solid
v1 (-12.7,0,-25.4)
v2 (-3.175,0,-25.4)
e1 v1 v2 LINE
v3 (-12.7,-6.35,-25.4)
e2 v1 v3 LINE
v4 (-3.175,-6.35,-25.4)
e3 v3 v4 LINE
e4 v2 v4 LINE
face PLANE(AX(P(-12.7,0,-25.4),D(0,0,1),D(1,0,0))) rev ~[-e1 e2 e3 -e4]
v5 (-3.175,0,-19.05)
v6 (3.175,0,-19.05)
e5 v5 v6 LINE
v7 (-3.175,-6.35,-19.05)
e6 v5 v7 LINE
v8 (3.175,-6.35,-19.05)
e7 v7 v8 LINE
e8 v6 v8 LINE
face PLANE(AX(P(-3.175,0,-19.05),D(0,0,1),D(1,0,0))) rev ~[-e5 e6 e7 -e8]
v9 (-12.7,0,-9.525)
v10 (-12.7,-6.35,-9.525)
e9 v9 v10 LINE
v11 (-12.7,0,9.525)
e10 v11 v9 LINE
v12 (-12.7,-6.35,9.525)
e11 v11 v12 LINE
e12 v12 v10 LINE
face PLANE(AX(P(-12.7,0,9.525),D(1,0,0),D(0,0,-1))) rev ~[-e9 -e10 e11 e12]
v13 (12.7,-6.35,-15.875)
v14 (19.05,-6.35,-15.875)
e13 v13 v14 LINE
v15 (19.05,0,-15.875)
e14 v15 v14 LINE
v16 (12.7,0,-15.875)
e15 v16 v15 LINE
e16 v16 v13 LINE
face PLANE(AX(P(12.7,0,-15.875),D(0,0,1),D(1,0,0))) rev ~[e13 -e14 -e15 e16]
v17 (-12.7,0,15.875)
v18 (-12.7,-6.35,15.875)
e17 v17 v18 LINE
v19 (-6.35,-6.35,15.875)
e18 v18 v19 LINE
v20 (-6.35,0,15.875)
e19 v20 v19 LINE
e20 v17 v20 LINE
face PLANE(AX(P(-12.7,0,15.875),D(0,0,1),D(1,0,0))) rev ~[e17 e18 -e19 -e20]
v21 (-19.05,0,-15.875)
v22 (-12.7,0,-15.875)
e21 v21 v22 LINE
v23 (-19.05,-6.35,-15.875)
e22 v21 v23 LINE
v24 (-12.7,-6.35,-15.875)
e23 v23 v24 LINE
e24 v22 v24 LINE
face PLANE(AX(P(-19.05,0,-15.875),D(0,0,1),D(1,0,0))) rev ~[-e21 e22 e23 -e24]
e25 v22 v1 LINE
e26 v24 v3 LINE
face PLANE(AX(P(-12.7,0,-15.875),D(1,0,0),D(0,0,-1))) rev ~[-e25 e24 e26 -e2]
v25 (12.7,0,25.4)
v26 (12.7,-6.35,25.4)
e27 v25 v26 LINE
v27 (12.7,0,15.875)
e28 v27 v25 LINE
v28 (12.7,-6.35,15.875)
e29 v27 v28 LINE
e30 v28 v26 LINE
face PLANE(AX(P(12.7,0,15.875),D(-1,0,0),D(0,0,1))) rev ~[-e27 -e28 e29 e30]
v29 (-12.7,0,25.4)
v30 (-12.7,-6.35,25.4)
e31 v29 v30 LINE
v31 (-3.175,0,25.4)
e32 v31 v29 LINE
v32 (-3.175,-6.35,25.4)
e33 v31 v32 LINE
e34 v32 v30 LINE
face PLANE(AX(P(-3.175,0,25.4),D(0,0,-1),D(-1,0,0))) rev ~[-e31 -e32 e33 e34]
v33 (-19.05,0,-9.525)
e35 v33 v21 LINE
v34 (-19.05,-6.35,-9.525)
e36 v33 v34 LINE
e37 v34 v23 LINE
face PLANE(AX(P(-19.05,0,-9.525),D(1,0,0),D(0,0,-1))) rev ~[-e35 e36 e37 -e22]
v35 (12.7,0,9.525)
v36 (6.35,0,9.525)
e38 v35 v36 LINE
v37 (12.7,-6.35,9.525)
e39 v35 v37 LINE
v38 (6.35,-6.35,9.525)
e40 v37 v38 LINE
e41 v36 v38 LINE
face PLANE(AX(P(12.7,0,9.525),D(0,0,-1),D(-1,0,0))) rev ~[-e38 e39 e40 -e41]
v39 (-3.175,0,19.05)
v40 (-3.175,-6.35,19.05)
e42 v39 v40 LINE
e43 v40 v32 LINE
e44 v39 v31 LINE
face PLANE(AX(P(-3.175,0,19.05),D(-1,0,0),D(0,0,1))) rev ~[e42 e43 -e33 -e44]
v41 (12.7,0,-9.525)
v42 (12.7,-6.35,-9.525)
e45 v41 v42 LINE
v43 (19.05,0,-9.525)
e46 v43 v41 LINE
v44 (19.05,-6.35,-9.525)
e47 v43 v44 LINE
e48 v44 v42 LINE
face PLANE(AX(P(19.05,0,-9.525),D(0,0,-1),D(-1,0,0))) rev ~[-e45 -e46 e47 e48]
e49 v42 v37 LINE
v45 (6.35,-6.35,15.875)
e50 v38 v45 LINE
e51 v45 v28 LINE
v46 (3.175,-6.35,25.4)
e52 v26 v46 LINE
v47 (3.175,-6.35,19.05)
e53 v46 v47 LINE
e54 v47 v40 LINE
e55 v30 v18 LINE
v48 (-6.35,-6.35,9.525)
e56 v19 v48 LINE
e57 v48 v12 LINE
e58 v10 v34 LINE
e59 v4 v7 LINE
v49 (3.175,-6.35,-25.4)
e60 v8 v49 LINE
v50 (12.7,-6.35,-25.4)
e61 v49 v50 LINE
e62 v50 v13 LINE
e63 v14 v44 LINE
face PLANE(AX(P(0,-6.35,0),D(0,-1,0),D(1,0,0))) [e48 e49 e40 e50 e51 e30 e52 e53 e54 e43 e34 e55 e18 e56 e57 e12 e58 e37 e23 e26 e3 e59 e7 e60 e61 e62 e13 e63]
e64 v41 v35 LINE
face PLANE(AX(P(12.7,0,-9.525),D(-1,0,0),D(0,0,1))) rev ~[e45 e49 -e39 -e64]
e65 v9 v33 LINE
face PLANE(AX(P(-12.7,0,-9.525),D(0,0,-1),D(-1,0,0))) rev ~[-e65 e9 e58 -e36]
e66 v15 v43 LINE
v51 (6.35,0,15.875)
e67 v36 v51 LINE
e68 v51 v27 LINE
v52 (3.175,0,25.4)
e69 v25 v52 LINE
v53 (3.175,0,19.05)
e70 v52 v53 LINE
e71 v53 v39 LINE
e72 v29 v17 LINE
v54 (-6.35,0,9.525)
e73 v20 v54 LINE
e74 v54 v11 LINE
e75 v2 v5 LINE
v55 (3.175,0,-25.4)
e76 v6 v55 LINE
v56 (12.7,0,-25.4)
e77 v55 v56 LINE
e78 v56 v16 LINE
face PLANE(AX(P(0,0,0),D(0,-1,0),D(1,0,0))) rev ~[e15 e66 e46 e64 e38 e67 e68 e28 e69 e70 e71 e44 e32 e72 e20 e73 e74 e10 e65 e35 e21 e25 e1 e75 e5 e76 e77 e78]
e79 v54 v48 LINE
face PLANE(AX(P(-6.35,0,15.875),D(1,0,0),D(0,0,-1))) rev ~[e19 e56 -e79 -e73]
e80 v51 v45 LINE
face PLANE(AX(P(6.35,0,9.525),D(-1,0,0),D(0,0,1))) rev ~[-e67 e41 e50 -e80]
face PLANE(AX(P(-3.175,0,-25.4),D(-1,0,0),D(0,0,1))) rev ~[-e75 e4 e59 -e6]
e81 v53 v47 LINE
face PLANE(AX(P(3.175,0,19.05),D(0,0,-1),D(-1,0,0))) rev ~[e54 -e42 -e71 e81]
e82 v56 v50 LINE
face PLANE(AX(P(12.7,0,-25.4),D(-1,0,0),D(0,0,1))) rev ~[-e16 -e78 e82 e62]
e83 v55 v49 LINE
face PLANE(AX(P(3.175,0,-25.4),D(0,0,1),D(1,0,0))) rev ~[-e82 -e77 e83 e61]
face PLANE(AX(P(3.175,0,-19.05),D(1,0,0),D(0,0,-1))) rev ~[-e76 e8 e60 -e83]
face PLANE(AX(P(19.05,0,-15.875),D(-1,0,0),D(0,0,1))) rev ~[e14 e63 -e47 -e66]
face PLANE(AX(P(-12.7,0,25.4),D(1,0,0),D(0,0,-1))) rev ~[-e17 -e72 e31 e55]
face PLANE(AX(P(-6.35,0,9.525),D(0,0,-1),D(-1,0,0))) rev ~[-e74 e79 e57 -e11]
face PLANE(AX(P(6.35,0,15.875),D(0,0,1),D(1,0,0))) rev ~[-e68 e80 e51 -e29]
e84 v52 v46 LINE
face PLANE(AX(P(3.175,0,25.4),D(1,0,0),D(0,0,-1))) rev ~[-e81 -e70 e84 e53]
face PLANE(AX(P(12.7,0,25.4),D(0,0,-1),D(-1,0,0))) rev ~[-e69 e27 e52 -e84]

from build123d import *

# Parameters (mm, degrees)
F1_DEPTH = 6.35


with BuildPart() as f1:
    # F0 (on Front) → F1 (new body)
    with BuildSketch(Plane.XZ):
        Polygon((-3.175, 19.05), (-3.175, 25.4), (-12.7, 25.4), (-12.7, 15.875), (-6.35, 15.875), (-6.35, 9.525), (-12.7, 9.525), (-12.7, 0), (-12.7, -9.525), (-19.05, -9.525), (-19.05, -15.875), (-12.7, -15.875), (-12.7, -25.4), (-3.175, -25.4), (-3.175, -19.05), (3.175, -19.05), (3.175, -25.4), (12.7, -25.4), (12.7, -15.875), (19.05, -15.875), (19.05, -9.525), (12.7, -9.525), (12.7, 9.525), (6.35, 9.525), (6.35, 15.875), (12.7, 15.875), (12.7, 25.4), (3.175, 25.4), (3.175, 19.05), align=None)
    extrude(amount=F1_DEPTH)


solid = f1.part
